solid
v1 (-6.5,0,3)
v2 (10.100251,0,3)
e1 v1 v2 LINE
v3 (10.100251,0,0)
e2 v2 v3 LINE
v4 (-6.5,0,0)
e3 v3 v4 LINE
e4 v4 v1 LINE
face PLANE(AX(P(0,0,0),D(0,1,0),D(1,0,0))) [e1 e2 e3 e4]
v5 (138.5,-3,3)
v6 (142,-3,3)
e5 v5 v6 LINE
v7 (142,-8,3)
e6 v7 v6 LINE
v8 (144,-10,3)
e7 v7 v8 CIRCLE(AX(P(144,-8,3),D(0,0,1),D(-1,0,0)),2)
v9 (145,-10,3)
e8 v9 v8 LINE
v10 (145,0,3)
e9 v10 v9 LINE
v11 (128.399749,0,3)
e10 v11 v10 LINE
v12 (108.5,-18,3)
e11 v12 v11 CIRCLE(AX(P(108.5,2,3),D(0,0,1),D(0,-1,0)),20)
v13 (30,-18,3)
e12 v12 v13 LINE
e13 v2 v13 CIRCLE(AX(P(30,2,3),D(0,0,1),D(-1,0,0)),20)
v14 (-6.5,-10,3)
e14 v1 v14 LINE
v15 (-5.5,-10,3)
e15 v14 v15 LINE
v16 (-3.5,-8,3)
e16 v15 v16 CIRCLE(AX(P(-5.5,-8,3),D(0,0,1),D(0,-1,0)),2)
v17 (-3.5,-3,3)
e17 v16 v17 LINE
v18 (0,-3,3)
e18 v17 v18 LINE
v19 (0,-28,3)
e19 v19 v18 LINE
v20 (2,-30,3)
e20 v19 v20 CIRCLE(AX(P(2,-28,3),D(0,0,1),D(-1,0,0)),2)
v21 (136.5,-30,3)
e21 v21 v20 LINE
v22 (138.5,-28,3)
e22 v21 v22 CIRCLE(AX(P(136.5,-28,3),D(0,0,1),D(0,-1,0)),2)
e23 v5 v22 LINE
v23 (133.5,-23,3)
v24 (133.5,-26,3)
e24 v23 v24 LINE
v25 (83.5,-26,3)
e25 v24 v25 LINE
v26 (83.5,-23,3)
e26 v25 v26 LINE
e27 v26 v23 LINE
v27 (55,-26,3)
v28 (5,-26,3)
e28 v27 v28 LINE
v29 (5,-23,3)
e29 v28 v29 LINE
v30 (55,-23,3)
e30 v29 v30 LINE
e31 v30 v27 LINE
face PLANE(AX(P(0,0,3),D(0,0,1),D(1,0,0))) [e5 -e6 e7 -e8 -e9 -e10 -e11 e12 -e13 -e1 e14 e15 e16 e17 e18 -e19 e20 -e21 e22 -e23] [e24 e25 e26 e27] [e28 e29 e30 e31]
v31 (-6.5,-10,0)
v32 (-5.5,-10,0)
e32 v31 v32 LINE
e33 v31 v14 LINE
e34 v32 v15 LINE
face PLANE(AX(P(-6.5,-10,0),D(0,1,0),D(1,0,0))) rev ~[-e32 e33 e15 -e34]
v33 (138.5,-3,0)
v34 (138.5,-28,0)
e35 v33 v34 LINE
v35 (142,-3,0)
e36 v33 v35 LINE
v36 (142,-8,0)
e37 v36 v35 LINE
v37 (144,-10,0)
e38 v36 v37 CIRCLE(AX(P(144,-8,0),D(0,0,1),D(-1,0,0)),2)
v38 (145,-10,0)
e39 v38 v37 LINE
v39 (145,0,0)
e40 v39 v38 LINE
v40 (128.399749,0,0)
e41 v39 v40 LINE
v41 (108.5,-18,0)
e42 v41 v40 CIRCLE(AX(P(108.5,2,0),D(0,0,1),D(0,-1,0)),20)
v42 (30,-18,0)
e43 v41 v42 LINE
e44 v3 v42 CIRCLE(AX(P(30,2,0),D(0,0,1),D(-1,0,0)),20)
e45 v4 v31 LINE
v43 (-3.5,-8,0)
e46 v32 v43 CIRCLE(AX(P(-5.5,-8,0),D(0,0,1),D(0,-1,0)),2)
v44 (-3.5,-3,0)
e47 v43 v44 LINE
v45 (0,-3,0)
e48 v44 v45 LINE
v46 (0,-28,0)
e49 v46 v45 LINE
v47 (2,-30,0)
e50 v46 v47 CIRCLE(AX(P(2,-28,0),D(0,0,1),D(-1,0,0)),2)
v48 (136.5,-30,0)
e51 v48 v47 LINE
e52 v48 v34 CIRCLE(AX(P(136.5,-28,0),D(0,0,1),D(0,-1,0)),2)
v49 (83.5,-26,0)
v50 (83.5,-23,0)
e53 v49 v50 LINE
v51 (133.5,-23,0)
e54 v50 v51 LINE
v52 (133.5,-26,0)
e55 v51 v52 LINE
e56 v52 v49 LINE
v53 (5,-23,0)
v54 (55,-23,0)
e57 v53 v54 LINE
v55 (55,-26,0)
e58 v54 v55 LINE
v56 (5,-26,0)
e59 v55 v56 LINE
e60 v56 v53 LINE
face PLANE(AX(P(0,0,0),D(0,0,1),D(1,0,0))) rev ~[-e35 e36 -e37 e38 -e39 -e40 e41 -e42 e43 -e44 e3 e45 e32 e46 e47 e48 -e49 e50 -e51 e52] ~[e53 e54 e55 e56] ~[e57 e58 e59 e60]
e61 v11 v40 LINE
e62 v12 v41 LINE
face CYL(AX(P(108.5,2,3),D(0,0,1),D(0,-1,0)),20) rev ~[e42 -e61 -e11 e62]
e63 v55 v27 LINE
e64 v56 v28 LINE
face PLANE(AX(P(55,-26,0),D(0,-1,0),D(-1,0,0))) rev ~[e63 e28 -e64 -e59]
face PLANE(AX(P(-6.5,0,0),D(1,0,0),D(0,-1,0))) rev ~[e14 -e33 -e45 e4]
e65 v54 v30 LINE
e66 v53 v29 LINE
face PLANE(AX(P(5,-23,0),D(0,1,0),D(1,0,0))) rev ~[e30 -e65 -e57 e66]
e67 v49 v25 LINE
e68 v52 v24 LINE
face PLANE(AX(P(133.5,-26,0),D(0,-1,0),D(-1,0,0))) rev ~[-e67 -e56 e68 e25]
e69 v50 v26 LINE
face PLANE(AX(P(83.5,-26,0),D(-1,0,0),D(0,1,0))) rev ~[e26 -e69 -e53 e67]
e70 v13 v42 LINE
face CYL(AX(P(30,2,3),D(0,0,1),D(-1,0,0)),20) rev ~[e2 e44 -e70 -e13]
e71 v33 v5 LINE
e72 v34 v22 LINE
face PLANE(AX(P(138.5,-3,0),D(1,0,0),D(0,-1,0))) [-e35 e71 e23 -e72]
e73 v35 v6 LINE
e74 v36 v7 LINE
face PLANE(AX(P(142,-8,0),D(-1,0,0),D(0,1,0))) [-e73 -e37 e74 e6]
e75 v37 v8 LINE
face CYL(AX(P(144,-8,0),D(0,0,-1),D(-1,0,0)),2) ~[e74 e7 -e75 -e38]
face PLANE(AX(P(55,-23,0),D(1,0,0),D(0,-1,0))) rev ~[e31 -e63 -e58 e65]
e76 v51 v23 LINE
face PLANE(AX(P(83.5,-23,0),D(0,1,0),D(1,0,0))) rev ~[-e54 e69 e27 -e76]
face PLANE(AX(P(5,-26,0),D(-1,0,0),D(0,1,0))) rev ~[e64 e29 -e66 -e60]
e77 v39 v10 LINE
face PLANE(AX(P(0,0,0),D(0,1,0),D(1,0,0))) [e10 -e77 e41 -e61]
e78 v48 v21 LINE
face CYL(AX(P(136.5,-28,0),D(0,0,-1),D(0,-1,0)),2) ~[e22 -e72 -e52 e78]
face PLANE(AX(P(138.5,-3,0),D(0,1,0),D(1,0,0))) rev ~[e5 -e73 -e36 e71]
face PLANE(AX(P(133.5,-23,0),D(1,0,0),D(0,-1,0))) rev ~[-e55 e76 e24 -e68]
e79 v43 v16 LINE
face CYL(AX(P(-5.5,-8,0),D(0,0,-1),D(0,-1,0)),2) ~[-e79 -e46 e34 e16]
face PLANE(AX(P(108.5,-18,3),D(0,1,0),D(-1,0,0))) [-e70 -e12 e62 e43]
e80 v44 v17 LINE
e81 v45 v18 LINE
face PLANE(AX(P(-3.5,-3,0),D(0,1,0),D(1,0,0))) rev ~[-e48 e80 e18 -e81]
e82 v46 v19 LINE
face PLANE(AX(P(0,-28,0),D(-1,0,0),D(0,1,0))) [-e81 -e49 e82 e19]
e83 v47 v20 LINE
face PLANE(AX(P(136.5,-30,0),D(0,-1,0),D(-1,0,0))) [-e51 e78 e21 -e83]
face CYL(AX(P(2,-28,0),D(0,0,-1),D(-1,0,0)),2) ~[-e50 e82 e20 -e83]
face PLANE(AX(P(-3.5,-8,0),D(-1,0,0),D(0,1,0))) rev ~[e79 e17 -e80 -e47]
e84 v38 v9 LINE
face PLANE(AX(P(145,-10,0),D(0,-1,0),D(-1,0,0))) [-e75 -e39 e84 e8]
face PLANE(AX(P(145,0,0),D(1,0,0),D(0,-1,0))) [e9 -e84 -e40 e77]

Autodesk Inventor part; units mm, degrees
ref_plane "YZ Plane" through (0, 0, 0) normal (1, 0, 0) x (0, 1, 0)
ref_plane "XZ Plane" through (0, 0, 0) normal (0, 1, 0) x (-1, 0, 0)
ref_plane "XY Plane" through (0, 0, 0) normal (0, 0, 1) x (1, 0, 0)
sketch "Sketch1" plane through (0, 0, 0) normal (0, 0, 1) x (1, 0, 0)
  line L0 (0, 0) -> (138.5, 0)
  line L1 (138.5, 0) -> (138.5, -28)
  line L2 (136.5, -30) -> (2, -30)
  line L3 (0, -28) -> (0, 0)
  line L4 (0, 0) -> (-3.5, 0)
  line L5 (-3.5, 0) -> (-3.5, -3)
  line L6 (-3.5, -3) -> (0, -3)
  line L7 (0, -3) -> (0, 0)
  line L8 (-3.5, 0) -> (-6.5, 0)
  line L9 (-6.5, 0) -> (-6.5, -10)
  line L10 (-6.5, -10) -> (-5.5, -10)
  line L11 (-3.5, -8) -> (-3.5, 0)
  line L12 (138.5, -3) -> (142, -3)
  line L13 (142, -3) -> (142, 0)
  line L14 (142, 0) -> (138.5, 0)
  line L15 (138.5, 0) -> (138.5, -3)
  line L16 (142, 0) -> (145, 0)
  line L17 (145, 0) -> (145, -10)
  line L18 (145, -10) -> (144, -10)
  line L19 (142, -8) -> (142, 0)
  arc A0 (-5.5, -10) -> (-3.5, -8) centre (-5.5, -8) ccw
  arc A1 (142, -8) -> (144, -10) centre (144, -8) ccw
  line L20 (5, -23) -> (55, -23)
  line L21 (55, -23) -> (55, -26)
  line L22 (55, -26) -> (5, -26)
  line L23 (5, -26) -> (5, -23)
  line L24 (83.5, -23) -> (133.5, -23)
  line L25 (133.5, -23) -> (133.5, -26)
  line L26 (133.5, -26) -> (83.5, -26)
  line L27 (83.5, -26) -> (83.5, -23)
  arc A2 (0, -28) -> (2, -30) centre (2, -28) ccw
  arc A3 (136.5, -30) -> (138.5, -28) centre (136.5, -28) ccw
  point P0 (138.5, -30)
  point P1 (0, -30)
  point P2 (-3.5, -10)
  point P3 (142, -10)
  dimension "d0" = 138.5
  dimension "d1" = 30
  dimension "d2" = 3.5
  dimension "d3" = 3
  dimension "d4" = 3
  dimension "d5" = 10
  dimension "d6" = 3.5
  dimension "d7" = 3
  dimension "d8" = 3
  dimension "d9" = 10
  dimension "d10" = 2
  dimension "d11" = 3
  dimension "d12" = 20
  dimension "d13" = 5
  dimension "d14" = 50
  dimension "d15" = 3
  dimension "d16" = 5
  dimension "d17" = 50
  dimension "d18" = 2
extrude "Extrusion1" add sketch "Sketch1" along normal blind 3
sketch "Sketch2" plane through (0, 0, 3) normal (0, 0, 1) x (1, 0, 0)
  line L0 (145, 0) -> (-6.5, 0) projected
  line L1 (10, 0) -> (128.5, 0)
  line L2 (128.5, 0) -> (128.5, 2)
  line L3 (108.5, -18) -> (30, -18)
  line L4 (10, 2) -> (10, 0)
  line L5 (5, -23) -> (55, -23) projected
  line L6 (0, -3) -> (0, -28) projected
  line L7 (138.5, -28) -> (138.5, -3) projected
  arc A0 (10, 2) -> (30, -18) centre (30, 2) ccw
  arc A1 (108.5, -18) -> (128.5, 2) centre (108.5, 2) ccw
  point P0 (0, 0)
  point P1 (128.3997, 0)
  point P2 (10.1003, 0)
  dimension "d21" = 5
  dimension "d22" = 10
  dimension "d23" = 10
  dimension "d24" = 20
extrude "Extrusion2" cut sketch "Sketch2" against normal blind 10 contours A1 L3 A0 L0
sketch "Sketch3" plane through (0, 0, 3) normal (0, 0, 1) x (1, 0, 0)
  arc A0 (10.1003, 0) -> (30, -18) centre (30, 2) ccw projected
  line L0 (10.1003, 0) -> (-6.5, 0) projected
  line L1 (-6.5, 0) -> (-6.5, -10) projected
  line L2 (-6.5, -10) -> (-5.5, -10) projected
  arc A1 (-5.5, -10) -> (-3.5, -8) centre (-5.5, -8) ccw projected
  line L3 (-3.5, -8) -> (-3.5, -3) projected
  line L4 (-3.5, -3) -> (0, -3) projected
  line L5 (0, -3) -> (0, -28) projected
  arc A2 (0, -28) -> (2, -30) centre (2, -28) ccw projected
  line L6 (2, -30) -> (136.5, -30) projected
  arc A3 (136.5, -30) -> (138.5, -28) centre (136.5, -28) ccw projected
  line L7 (138.5, -28) -> (138.5, -3) projected
  line L8 (138.5, -3) -> (142, -3) projected
  line L9 (142, -3) -> (142, -8) projected
  arc A4 (142, -8) -> (144, -10) centre (144, -8) ccw projected
  line L10 (144, -10) -> (145, -10) projected
  line L11 (145, -10) -> (145, 0) projected
  line L12 (145, 0) -> (128.3997, 0) projected
  arc A5 (108.5, -18) -> (128.3997, 0) centre (108.5, 2) ccw projected
  line L13 (108.5, -18) -> (30, -18) projected
  line L14 (83.5, -23) -> (133.5, -23) projected
  line L15 (133.5, -23) -> (133.5, -26) projected
  line L16 (133.5, -26) -> (83.5, -26) projected
  line L17 (83.5, -26) -> (83.5, -23) projected
  line L18 (5, -23) -> (55, -23) projected
  line L19 (55, -23) -> (55, -26) projected
  line L20 (55, -26) -> (5, -26) projected
  line L21 (5, -26) -> (5, -23) projected
  point P0 (0, 0)
equation "\"d15\" = d11"
equation "\"d16\" = d13"
equation "\"d17\" = d14"
properties part number "side"
